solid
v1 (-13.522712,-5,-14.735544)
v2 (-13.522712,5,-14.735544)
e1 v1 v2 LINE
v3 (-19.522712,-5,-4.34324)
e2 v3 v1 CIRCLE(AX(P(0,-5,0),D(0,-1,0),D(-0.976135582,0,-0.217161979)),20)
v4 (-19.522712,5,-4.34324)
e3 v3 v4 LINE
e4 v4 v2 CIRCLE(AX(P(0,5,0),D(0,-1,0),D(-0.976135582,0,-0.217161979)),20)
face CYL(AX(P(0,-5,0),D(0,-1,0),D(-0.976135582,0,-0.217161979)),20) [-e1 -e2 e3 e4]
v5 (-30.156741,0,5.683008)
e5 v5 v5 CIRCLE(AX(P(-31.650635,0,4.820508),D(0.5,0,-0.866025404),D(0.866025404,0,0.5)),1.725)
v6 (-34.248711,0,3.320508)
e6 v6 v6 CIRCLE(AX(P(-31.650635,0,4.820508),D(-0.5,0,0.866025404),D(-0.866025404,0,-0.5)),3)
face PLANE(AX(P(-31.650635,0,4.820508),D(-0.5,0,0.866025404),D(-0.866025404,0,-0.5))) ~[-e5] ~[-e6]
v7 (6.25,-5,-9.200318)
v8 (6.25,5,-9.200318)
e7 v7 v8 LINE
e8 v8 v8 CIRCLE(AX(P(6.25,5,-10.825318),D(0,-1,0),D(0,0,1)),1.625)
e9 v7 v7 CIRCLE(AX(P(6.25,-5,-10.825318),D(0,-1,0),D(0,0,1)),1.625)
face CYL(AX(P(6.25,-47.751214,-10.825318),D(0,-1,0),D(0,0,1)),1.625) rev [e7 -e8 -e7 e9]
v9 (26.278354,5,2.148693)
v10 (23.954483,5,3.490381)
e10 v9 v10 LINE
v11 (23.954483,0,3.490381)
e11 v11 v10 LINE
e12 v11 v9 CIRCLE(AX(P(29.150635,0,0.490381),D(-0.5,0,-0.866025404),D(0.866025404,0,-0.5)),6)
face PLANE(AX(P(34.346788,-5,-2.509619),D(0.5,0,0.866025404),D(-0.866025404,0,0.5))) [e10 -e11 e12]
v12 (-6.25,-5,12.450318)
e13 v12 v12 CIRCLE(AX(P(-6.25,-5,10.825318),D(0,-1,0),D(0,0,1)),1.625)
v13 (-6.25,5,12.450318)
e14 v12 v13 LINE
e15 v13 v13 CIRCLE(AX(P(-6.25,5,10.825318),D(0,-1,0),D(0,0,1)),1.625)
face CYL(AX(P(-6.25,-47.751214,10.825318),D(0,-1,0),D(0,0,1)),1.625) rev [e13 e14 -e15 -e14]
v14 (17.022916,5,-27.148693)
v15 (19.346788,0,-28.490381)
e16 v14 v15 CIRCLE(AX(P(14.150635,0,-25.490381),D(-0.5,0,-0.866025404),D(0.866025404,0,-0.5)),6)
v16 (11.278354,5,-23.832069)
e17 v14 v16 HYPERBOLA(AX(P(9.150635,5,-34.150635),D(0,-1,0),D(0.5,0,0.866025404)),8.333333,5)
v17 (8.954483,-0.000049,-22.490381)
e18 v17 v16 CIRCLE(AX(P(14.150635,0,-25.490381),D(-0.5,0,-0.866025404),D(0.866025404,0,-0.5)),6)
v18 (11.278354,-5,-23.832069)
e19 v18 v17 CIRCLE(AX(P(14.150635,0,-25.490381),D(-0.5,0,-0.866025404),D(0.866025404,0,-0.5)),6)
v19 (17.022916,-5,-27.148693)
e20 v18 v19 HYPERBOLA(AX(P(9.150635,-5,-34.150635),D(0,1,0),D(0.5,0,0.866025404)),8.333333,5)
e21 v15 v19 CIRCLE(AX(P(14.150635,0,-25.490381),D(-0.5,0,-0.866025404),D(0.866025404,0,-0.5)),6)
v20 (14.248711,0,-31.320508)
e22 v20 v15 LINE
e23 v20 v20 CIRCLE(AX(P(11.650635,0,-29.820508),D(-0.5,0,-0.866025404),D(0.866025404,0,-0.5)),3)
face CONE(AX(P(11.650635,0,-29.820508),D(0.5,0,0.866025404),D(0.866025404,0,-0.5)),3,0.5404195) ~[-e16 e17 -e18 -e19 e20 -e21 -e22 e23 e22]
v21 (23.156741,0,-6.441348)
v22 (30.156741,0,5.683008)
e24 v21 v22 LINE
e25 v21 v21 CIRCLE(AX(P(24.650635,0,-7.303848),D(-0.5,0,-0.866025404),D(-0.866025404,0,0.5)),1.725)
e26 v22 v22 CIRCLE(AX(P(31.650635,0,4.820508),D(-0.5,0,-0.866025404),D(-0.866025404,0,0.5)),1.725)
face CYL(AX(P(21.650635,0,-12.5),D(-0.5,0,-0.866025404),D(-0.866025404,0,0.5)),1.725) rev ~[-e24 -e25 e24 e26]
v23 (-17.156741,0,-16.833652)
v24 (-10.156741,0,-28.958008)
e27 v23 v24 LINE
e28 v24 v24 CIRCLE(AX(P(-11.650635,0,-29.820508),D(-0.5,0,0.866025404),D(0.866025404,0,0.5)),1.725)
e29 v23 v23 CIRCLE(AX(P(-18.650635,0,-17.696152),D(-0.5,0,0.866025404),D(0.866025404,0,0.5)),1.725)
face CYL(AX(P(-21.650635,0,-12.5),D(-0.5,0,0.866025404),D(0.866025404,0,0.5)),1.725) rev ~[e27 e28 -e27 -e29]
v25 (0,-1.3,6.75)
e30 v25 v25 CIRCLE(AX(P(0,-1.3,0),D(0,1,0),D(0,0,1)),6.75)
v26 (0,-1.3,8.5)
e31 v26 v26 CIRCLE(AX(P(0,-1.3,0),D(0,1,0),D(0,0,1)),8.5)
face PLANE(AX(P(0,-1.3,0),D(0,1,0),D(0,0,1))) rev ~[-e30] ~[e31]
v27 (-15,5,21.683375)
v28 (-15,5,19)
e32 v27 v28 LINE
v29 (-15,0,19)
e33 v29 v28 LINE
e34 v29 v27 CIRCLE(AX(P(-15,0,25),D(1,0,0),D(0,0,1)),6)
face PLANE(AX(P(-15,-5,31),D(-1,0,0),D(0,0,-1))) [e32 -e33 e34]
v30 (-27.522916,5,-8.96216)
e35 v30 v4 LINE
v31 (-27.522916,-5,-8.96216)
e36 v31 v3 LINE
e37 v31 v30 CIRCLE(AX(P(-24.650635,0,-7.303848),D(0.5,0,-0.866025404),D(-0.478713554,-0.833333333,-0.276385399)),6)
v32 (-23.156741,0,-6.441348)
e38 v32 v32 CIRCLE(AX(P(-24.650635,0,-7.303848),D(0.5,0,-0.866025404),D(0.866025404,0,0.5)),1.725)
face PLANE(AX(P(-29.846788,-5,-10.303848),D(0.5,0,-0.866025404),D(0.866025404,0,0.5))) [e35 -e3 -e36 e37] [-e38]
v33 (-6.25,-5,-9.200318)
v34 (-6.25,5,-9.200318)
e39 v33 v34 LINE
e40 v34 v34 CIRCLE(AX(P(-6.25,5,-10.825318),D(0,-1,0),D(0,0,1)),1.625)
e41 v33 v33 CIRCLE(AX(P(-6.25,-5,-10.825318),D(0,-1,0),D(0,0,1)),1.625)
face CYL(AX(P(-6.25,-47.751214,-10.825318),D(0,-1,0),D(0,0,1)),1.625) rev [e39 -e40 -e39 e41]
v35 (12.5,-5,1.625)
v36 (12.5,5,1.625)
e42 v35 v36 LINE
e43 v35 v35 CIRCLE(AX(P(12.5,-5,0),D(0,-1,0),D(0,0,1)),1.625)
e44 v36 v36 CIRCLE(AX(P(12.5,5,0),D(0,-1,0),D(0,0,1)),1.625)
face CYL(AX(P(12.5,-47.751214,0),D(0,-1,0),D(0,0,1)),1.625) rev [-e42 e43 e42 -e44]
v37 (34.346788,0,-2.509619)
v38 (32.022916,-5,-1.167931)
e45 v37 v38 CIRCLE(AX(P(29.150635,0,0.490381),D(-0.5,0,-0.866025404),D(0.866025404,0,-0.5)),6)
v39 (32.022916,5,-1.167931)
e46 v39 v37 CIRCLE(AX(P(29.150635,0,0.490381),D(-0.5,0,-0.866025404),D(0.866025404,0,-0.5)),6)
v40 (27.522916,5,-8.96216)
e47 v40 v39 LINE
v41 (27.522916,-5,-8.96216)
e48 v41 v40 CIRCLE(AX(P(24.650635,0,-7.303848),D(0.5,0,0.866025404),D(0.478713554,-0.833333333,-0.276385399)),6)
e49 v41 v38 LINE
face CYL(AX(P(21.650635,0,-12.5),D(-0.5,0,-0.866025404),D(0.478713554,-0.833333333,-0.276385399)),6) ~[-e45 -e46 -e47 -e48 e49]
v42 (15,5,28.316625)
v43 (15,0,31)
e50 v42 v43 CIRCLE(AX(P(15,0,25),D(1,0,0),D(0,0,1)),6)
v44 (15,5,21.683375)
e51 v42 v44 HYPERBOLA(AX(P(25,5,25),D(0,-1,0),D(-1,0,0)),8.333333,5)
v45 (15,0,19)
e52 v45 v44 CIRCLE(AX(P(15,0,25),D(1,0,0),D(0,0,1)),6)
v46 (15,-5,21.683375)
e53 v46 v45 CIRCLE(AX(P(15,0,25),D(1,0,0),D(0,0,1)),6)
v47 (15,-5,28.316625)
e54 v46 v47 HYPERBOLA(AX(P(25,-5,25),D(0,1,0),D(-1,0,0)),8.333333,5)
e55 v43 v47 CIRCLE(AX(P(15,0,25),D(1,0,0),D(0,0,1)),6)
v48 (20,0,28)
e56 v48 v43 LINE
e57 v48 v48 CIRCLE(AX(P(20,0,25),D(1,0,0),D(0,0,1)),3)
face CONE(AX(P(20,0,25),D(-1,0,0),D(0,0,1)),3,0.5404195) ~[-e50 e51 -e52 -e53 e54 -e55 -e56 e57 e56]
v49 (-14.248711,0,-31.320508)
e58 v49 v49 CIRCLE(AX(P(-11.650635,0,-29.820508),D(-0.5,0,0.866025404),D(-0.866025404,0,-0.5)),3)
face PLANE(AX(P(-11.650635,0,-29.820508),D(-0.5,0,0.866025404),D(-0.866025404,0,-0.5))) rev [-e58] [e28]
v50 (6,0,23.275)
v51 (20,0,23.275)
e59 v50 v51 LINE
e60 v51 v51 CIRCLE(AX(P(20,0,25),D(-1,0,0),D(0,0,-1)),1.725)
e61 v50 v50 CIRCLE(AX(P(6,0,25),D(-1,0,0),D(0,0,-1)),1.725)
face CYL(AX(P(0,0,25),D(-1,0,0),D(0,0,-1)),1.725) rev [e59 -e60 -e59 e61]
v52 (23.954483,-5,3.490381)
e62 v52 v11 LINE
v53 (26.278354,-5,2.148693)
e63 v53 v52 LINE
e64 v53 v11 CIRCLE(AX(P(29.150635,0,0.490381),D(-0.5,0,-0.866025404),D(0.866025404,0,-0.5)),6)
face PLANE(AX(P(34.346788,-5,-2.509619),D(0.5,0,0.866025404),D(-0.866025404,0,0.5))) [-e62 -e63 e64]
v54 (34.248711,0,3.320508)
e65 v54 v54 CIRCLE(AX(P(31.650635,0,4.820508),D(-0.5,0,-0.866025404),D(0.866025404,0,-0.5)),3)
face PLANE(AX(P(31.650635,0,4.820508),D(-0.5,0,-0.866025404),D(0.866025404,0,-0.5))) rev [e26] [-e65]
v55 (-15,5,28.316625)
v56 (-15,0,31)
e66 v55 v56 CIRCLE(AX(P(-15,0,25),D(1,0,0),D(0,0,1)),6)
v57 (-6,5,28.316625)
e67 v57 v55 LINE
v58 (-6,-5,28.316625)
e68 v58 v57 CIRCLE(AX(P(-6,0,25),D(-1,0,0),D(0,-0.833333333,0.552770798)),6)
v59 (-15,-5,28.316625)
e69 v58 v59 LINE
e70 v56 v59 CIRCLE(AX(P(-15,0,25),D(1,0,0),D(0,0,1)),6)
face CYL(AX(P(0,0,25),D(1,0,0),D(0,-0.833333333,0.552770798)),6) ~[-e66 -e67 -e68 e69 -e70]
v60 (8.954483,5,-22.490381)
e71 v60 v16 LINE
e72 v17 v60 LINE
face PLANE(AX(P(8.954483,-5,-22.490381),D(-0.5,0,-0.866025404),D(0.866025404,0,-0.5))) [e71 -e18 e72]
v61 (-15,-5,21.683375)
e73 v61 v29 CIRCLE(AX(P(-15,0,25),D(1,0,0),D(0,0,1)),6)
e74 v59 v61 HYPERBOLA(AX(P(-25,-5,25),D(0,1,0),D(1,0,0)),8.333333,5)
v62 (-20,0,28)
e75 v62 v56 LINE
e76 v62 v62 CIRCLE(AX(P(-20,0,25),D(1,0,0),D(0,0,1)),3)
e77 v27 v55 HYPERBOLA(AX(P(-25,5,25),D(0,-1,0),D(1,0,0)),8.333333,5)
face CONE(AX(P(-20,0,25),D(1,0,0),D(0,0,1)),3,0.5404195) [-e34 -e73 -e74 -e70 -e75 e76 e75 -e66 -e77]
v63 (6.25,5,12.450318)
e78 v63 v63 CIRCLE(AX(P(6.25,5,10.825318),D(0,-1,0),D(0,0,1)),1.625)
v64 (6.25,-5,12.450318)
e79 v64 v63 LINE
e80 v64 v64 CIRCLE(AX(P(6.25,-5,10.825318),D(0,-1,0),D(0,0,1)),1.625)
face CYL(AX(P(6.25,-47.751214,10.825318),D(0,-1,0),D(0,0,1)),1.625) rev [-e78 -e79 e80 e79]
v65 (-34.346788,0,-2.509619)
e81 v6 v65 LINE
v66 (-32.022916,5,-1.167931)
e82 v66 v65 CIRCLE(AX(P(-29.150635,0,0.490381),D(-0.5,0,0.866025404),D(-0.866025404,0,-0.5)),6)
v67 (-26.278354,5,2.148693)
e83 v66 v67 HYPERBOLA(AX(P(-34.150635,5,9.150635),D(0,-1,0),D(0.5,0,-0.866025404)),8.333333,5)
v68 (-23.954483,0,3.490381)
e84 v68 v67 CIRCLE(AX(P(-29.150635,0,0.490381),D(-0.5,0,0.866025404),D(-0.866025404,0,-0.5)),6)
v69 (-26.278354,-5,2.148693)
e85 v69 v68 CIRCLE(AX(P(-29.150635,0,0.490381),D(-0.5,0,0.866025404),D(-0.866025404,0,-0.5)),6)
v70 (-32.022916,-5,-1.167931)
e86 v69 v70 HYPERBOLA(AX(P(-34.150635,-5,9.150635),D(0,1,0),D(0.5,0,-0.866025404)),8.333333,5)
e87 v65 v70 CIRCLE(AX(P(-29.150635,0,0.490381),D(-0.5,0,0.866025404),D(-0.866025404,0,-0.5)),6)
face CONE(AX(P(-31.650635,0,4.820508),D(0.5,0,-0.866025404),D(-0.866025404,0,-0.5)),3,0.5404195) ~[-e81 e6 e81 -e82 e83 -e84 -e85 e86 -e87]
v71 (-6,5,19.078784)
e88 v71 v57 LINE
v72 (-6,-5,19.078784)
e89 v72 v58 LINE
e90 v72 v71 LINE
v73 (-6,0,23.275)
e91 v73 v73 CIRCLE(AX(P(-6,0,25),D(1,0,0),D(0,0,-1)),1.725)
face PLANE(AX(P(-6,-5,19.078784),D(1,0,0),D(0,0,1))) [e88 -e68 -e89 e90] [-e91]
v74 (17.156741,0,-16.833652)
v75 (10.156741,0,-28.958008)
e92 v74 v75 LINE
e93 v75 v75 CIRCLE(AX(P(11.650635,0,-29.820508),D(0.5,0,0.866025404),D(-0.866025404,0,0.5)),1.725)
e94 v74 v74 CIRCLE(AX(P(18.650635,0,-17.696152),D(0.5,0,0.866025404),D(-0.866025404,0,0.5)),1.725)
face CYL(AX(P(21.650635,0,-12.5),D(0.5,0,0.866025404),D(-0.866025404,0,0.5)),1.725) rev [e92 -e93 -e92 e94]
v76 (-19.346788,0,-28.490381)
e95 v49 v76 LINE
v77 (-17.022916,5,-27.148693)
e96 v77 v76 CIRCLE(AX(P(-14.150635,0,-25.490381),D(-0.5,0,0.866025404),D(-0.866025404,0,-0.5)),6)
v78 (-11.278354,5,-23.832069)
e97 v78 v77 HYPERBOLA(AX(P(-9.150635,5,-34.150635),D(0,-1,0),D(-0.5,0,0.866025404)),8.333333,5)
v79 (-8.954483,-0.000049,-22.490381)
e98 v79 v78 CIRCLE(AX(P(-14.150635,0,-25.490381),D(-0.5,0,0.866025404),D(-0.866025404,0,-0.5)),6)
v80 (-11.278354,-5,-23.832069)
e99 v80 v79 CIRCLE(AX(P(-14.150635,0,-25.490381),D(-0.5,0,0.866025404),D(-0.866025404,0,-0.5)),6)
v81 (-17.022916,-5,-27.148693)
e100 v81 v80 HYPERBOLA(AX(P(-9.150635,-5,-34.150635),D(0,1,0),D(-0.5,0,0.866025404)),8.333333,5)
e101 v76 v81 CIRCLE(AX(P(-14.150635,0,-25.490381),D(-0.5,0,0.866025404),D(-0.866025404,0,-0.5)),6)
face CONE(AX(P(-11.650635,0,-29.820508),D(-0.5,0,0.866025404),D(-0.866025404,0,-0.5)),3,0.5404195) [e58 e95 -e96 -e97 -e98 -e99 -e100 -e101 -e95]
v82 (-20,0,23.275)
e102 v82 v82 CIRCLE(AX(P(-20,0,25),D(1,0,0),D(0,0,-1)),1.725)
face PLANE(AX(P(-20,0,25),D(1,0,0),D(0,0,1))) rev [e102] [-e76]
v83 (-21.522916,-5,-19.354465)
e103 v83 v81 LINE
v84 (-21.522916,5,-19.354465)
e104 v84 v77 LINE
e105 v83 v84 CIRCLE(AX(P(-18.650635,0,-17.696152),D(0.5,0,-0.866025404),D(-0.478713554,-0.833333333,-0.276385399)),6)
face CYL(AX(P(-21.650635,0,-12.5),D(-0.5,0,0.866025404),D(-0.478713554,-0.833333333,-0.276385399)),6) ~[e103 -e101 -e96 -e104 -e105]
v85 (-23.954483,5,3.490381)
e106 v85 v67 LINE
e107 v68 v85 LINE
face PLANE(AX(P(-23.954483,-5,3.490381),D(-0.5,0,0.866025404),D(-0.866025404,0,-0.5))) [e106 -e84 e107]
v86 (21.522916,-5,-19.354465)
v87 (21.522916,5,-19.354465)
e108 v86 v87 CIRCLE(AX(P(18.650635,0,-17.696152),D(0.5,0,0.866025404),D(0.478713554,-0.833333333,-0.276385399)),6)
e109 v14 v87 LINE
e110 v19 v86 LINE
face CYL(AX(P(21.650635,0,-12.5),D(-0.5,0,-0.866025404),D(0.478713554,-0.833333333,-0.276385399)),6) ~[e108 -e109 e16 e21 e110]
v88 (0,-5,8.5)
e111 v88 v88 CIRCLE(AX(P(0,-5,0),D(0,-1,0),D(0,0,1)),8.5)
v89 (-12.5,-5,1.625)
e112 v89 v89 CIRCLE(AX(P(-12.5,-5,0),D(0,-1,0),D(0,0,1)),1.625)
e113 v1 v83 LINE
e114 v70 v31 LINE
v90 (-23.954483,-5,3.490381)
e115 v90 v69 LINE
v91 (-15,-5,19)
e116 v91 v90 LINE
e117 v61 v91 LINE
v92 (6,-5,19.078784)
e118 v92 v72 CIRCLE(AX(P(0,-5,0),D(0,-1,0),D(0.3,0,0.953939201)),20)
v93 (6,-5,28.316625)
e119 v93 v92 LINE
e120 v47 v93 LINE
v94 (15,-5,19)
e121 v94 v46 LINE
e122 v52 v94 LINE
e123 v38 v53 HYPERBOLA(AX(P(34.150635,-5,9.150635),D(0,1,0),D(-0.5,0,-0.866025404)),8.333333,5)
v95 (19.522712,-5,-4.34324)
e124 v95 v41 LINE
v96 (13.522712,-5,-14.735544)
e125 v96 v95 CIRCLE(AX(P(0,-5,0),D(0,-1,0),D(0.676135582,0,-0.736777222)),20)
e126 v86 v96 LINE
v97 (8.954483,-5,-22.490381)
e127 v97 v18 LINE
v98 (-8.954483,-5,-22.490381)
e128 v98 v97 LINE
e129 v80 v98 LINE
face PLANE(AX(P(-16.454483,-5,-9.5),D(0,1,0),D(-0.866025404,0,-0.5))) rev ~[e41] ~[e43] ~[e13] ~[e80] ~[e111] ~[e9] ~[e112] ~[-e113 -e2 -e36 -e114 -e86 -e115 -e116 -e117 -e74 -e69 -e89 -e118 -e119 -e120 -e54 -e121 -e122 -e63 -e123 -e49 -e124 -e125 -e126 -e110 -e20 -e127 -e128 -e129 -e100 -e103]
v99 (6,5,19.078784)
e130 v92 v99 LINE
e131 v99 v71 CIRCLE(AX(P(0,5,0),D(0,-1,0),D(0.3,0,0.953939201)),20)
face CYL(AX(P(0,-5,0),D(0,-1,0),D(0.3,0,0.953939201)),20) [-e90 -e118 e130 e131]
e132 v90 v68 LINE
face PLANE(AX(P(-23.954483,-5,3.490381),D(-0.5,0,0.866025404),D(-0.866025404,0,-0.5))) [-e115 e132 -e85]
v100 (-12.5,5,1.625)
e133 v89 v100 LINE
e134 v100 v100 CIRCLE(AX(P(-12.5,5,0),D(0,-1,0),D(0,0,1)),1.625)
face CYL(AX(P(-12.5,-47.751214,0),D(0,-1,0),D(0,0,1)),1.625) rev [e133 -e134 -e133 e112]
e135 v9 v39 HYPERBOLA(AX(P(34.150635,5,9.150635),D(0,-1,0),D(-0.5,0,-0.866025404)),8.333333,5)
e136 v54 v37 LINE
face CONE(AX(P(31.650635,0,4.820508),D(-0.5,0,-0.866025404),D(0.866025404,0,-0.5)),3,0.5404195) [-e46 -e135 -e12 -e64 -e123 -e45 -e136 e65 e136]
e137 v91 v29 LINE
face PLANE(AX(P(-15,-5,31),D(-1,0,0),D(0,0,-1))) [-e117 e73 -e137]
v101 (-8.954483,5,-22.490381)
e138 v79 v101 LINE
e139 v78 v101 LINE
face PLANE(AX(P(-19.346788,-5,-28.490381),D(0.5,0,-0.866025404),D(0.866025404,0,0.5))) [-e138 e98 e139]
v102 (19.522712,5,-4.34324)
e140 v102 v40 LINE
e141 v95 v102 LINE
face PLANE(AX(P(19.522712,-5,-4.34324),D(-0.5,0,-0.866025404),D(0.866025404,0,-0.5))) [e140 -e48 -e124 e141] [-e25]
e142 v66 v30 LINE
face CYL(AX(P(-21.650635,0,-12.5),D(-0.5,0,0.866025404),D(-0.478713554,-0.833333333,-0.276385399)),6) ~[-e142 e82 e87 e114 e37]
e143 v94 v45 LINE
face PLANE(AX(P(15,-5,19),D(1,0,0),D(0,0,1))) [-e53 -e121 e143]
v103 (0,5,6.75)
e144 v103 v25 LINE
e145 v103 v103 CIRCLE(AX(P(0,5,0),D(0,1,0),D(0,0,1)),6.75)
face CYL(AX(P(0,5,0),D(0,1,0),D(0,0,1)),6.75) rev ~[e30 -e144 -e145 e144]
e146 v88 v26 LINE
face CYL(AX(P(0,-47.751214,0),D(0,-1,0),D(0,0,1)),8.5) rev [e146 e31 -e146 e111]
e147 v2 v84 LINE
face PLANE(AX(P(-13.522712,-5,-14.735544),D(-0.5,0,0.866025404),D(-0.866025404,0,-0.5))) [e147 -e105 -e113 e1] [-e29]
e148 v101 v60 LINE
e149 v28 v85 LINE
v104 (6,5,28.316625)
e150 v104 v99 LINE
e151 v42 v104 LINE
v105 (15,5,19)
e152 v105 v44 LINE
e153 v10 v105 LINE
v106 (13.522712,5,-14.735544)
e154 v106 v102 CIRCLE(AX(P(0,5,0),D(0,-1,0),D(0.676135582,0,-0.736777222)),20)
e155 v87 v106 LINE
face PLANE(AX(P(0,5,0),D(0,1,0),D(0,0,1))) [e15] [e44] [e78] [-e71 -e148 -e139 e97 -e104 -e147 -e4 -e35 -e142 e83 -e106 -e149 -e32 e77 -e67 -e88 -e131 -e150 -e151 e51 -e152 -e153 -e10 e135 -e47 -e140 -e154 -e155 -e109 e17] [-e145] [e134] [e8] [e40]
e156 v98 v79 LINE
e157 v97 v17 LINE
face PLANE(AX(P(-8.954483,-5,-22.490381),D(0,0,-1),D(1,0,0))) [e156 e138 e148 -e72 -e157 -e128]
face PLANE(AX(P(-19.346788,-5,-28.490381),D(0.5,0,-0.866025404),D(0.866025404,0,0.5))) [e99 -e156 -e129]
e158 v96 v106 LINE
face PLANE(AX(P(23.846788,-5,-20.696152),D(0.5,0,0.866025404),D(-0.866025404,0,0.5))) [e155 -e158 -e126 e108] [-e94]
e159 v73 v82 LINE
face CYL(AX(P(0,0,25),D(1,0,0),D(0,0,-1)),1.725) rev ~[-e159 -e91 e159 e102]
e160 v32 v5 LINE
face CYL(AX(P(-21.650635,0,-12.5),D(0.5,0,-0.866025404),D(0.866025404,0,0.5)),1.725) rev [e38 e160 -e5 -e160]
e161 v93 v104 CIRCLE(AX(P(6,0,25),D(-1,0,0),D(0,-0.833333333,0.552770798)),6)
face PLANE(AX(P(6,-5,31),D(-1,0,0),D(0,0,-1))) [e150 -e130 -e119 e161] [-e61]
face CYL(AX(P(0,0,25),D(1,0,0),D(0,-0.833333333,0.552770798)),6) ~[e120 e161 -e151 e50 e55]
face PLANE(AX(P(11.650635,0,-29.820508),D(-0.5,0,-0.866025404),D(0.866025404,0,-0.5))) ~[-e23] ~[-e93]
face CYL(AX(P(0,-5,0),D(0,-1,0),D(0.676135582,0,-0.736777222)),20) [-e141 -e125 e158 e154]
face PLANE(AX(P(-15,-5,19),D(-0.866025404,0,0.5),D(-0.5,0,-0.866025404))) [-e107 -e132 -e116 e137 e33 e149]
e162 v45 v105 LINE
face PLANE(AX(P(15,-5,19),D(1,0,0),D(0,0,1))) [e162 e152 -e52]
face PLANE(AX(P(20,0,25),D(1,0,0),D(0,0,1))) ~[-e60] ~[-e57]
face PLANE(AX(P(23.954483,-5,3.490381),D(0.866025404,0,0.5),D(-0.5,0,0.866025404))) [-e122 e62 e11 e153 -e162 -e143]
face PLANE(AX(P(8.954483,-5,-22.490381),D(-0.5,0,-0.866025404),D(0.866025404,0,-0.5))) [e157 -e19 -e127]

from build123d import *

# Parameters (mm, degrees)
BOSS_EXTRUDE1_DEPTH      = 5
BOSS_EXTRUDE1_DEPTH_BACK = 5
CIRPATTERN1_COUNT        = 3
SKETCH7_R                = 1.725
CUT_EXTRUDE2_DEPTH       = 47.868710659
CIRPATTERN2_COUNT        = 3
CUT_EXTRUDE3_DEPTH       = 47.751214304
CUT_EXTRUDE3_DEPTH_BACK  = 47.751214304
SKETCH8_R                = 8.5
SKETCH8_R_2              = 1.625
SKETCH9_R                = 8.5
SKETCH9_R_2              = 6.75
BOSS_EXTRUDE2_DEPTH      = 6.3


with BuildPart() as part:
    # Sketch4 → Boss-Extrude1 (new, two sides: drawn at the far end of the back side and taken through both)
    with BuildSketch(Plane(origin=(0, 0, 0), x_dir=(1, 0, 0), z_dir=(0, 1, 0)).offset(-BOSS_EXTRUDE1_DEPTH_BACK)):
        with BuildLine():
            Line((23.846787517, 20.696152423), (13.522711642, 14.735544437))
            ThreePointArc((13.522711642, 14.735544437), (17.320508076, 10), (19.522711642, 4.343239591))
            Line((19.522711642, 4.343239591), (29.846787517, 10.303847577))
            Line((29.846787517, 10.303847577), (34.346787517, 2.509618943))
            Line((34.346787517, 2.509618943), (23.954482672, -3.490381057))
            Line((23.954482672, -3.490381057), (15, -19))
            Line((15, -19), (15, -31))
            Line((15, -31), (6, -31))
            Line((6, -31), (6, -19.078784028))
            ThreePointArc((6, -19.078784028), (0, -20), (-6, -19.078784028))
            Line((-6, -19.078784028), (-6, -31))
            Line((-6, -31), (-15, -31))
            Line((-15, -31), (-15, -19))
            Line((-15, -19), (-23.954482672, -3.490381057))
            Line((-23.954482672, -3.490381057), (-34.346787517, 2.509618943))
            Line((-34.346787517, 2.509618943), (-29.846787517, 10.303847577))
            Line((-29.846787517, 10.303847577), (-19.522711642, 4.343239591))
            ThreePointArc((-19.522711642, 4.343239591), (-17.320508076, 10), (-13.522711642, 14.735544437))
            Line((-13.522711642, 14.735544437), (-23.846787517, 20.696152423))
            Line((-23.846787517, 20.696152423), (-19.346787517, 28.490381057))
            Line((-19.346787517, 28.490381057), (-8.954482672, 22.490381057))
            Line((-8.954482672, 22.490381057), (8.954482672, 22.490381057))
            Line((8.954482672, 22.490381057), (19.346787517, 28.490381057))
            Line((19.346787517, 28.490381057), (23.846787517, 20.696152423))
        make_face()
    extrude(amount=BOSS_EXTRUDE1_DEPTH + BOSS_EXTRUDE1_DEPTH_BACK)

    # Sketch6 → Revolve1 (revolve)
    with BuildSketch(Plane(origin=(0, 0, 0), x_dir=(1, 0, 0), z_dir=(0, 1, 0))):
        Polygon((-15, -25), (-20, -25), (-20, -28), (-15, -31), align=None)
        Polygon((15, -31), (15, -25), (20, -25), (20, -28), align=None)
    revolve1 = revolve(axis=Axis((-15, 0, 25), (1, 0, 0)))

    # CirPattern1: Revolve1 ×3 about axis
    cirpattern1_axis = Axis((0, 5, 0), (0, 1, 0))
    for i in range(1, CIRPATTERN1_COUNT):
        add(revolve1.rotate(cirpattern1_axis, i * 360 / CIRPATTERN1_COUNT))

    # Sketch7 → Cut-Extrude2 (cut, symmetric)
    with BuildSketch(Plane(origin=(0, 0, 0), x_dir=(0, 0, -1), z_dir=(1, 0, 0))):
        with Locations((-25, 0)):
            Circle(SKETCH7_R)
        with BuildLine():
            Line((-28.31662479, 5), (-19, 5))
            Line((-19, 5), (-19, 25))
            Line((-19, 25), (-39, 25))
            Line((-39, 25), (-39, -25))
            Line((-39, -25), (-19, -25))
            Line((-19, -25), (-19, -5))
            Line((-19, -5), (-28.31662479, -5))
            ThreePointArc((-28.31662479, -5), (-31, 0), (-28.31662479, 5))
        make_face()
    cut_extrude2 = extrude(amount=CUT_EXTRUDE2_DEPTH, both=True, mode=Mode.SUBTRACT)

    # CirPattern2: Cut-Extrude2 ×3 about axis
    cirpattern2_axis = Axis((0, 5, 0), (0, 1, 0))
    for i in range(1, CIRPATTERN2_COUNT):
        add(cut_extrude2.rotate(cirpattern2_axis, i * 360 / CIRPATTERN2_COUNT), mode=Mode.SUBTRACT)

    # Sketch8 → Cut-Extrude3 (cut, two sides: drawn at the far end of the back side and taken through both)
    with BuildSketch(Plane(origin=(0, 0, 0), x_dir=(1, 0, 0), z_dir=(0, 1, 0)).offset(-CUT_EXTRUDE3_DEPTH_BACK)):
        Circle(SKETCH8_R)
        with Locations((-12.5, 0)):
            Circle(SKETCH8_R_2)
        with Locations((-6.25, 10.825317547)):
            Circle(SKETCH8_R_2)
        with Locations((6.25, 10.825317547)):
            Circle(SKETCH8_R_2)
        with Locations((12.5, 0)):
            Circle(SKETCH8_R_2)
        with Locations((6.25, -10.825317547)):
            Circle(SKETCH8_R_2)
        with Locations((-6.25, -10.825317547)):
            Circle(SKETCH8_R_2)
    extrude(amount=CUT_EXTRUDE3_DEPTH + CUT_EXTRUDE3_DEPTH_BACK, mode=Mode.SUBTRACT)

    # Sketch9 → Boss-Extrude2 (add)
    with BuildSketch(Plane(origin=(0, 5, 0), x_dir=(1, 0, 0), z_dir=(0, 1, 0))):
        Circle(SKETCH9_R)
        Circle(SKETCH9_R_2, mode=Mode.SUBTRACT)
    extrude(amount=-BOSS_EXTRUDE2_DEPTH)


solid = part.part
